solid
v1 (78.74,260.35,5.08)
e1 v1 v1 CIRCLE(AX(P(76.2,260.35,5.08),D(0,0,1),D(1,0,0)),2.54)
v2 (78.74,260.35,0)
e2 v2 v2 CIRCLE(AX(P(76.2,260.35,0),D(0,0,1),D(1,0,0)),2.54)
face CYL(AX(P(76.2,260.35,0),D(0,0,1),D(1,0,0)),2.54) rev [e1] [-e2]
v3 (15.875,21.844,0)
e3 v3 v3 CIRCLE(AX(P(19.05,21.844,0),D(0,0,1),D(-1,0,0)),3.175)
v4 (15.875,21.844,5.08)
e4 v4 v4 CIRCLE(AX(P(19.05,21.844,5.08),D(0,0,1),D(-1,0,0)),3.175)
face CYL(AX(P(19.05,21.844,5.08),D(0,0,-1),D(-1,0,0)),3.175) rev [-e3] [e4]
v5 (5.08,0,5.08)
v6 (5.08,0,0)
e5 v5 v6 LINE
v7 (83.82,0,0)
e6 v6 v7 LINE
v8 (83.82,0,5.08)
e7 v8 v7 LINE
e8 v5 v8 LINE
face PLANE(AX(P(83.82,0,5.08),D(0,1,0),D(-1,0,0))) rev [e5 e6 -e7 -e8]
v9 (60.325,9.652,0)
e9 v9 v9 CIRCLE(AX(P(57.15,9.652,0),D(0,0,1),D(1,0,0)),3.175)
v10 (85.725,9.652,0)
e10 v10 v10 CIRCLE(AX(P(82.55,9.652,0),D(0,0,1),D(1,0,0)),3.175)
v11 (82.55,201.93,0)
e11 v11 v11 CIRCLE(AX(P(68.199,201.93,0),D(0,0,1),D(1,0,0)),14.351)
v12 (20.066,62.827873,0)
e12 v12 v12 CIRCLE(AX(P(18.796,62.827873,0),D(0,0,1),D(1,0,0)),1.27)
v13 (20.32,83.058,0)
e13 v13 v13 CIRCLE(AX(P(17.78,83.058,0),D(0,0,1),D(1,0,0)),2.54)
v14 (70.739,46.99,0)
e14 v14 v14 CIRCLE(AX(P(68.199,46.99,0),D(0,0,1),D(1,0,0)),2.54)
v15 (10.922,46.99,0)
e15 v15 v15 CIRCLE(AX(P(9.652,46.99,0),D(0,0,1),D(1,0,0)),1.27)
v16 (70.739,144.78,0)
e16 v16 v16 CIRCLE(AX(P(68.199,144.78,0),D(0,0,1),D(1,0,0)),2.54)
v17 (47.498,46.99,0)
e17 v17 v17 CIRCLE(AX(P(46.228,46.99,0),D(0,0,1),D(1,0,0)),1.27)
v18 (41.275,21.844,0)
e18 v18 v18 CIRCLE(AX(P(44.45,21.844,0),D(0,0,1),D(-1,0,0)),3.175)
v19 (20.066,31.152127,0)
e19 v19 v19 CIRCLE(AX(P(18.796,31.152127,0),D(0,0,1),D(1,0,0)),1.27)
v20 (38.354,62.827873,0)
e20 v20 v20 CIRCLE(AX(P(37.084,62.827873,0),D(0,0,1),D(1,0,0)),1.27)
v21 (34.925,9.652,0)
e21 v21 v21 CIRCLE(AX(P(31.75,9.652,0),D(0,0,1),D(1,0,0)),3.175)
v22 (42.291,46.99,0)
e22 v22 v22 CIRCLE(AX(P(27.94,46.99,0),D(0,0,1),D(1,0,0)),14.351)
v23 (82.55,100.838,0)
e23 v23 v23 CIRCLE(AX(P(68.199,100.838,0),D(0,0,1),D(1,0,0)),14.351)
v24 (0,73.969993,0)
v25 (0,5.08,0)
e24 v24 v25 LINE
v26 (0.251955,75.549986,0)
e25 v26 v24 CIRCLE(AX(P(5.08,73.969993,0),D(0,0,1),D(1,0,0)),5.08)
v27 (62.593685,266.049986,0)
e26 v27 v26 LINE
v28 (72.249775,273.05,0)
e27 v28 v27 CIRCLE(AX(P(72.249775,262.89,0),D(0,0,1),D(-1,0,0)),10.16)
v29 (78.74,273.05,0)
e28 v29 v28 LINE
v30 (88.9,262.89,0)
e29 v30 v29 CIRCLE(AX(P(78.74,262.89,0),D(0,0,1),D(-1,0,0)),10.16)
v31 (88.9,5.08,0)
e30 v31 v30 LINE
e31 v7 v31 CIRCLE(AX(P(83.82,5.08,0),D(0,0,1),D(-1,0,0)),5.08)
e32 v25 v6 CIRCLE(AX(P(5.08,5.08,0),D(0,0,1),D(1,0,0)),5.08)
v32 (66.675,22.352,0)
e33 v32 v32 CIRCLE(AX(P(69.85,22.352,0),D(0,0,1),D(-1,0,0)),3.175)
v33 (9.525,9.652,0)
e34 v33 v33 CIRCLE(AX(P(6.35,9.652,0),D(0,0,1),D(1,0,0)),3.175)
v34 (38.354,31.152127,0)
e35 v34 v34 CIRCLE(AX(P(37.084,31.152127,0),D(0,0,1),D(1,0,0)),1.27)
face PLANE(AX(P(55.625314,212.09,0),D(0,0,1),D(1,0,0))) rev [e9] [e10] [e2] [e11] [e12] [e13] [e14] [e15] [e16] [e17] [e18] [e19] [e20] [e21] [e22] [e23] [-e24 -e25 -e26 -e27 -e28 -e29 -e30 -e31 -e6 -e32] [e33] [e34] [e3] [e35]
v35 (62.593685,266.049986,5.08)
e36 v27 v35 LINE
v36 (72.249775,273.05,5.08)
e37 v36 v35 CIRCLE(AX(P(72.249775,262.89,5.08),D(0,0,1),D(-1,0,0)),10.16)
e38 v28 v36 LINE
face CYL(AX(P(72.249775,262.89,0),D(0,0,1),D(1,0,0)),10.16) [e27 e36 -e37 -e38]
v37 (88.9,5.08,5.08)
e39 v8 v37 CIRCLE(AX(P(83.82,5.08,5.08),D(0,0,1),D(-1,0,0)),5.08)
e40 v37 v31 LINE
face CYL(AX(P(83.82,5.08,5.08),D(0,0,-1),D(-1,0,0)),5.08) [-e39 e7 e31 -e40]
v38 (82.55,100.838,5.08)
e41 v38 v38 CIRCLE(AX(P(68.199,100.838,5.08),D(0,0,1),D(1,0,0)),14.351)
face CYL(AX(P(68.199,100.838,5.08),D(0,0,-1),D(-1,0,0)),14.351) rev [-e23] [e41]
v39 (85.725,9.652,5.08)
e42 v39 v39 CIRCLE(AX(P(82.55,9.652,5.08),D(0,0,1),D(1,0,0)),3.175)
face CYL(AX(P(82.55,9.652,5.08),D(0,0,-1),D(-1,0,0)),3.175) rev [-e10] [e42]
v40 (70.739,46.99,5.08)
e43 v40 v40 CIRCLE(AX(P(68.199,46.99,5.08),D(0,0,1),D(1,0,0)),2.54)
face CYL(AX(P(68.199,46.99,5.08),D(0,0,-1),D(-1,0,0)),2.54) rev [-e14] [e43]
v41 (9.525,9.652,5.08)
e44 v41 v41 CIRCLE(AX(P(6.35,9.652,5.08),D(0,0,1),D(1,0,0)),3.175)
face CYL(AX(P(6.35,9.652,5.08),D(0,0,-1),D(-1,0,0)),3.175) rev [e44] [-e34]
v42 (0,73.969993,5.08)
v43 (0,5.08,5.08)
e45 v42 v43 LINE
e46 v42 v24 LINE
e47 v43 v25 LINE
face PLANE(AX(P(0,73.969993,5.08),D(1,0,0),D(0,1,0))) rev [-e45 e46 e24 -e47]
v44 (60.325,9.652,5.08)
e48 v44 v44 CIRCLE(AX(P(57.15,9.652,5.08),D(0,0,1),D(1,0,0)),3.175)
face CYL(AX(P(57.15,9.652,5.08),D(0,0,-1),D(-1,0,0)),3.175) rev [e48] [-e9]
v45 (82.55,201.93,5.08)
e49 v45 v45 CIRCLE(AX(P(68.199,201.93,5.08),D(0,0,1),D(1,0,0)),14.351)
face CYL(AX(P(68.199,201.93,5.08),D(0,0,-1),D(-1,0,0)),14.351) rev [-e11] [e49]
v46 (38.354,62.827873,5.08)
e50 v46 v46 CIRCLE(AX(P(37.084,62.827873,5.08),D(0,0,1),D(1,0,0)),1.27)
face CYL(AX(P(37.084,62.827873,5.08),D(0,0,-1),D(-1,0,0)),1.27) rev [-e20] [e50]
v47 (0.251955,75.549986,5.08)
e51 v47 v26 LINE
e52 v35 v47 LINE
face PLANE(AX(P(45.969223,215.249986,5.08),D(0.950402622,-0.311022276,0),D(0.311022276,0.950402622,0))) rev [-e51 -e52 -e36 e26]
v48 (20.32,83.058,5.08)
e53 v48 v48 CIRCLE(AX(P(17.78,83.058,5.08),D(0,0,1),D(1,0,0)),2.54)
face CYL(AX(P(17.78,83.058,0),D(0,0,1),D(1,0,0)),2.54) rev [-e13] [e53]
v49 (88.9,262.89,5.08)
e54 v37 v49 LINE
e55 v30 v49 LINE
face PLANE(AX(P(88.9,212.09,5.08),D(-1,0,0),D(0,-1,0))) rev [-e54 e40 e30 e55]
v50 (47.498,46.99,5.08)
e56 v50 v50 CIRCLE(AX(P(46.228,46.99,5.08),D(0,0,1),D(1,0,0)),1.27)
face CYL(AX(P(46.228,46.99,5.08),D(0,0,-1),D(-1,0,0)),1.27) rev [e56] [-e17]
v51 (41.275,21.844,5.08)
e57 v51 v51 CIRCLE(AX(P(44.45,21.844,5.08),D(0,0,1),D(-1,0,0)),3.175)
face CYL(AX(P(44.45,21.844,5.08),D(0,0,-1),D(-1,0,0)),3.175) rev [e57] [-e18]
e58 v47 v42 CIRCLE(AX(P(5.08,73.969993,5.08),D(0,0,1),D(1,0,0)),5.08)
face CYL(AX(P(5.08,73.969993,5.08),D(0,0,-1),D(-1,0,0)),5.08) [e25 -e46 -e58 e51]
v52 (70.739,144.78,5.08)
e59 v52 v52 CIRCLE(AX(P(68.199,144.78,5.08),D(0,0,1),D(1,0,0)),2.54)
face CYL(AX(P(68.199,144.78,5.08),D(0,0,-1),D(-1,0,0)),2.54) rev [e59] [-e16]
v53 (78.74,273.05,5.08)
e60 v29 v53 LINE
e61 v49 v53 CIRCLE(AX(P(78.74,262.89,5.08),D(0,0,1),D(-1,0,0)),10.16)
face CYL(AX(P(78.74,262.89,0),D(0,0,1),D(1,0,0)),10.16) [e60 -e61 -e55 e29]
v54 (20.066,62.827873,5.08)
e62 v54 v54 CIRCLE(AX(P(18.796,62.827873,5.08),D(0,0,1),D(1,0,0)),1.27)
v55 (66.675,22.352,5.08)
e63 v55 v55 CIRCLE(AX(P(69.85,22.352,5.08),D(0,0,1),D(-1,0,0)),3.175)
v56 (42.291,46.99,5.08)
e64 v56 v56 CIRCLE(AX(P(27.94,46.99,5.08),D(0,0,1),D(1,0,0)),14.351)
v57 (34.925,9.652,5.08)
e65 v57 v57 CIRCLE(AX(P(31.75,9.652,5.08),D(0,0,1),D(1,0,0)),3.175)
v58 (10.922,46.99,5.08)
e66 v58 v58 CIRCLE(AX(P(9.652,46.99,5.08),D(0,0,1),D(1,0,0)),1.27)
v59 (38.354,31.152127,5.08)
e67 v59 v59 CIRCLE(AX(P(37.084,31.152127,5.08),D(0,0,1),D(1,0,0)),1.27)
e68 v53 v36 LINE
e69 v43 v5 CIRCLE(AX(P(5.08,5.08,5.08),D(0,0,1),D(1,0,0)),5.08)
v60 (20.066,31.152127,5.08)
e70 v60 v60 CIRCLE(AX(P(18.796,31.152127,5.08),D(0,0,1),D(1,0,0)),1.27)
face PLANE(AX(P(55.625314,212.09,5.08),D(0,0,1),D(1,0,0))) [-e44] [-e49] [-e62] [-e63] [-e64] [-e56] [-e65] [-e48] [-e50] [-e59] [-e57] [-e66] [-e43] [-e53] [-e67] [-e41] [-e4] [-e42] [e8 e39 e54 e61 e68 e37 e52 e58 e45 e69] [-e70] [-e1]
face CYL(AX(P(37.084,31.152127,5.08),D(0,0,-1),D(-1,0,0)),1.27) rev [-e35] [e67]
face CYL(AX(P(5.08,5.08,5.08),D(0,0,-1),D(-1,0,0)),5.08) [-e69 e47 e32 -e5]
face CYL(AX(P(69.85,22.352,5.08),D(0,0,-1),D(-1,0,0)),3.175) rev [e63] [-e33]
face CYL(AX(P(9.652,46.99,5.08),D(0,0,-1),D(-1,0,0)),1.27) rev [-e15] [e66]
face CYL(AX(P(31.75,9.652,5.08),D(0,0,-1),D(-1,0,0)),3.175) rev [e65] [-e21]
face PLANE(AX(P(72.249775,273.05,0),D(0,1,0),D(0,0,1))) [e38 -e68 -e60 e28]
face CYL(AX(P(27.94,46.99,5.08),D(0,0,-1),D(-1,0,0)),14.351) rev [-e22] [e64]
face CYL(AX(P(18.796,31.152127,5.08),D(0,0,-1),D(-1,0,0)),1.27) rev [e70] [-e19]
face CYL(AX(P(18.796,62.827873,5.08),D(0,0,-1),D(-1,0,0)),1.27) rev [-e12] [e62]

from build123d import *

# Parameters (mm, degrees)
SKETCH1_R           = 14.351
SKETCH1_R_2         = 2.54
SKETCH1_R_3         = 3.175
SKETCH1_R_4         = 1.27
BOSS_EXTRUDE1_DEPTH = 5.08
SKETCH2_R           = 2.54
BOSS_EXTRUDE2_DEPTH = 5.08
SKETCH3_R           = 2.54
CUT_EXTRUDE1_DEPTH  = 288.202574675


with BuildPart() as part:
    # Sketch1 → Boss-Extrude1 (new body)
    with BuildSketch(Plane.XY):
        with BuildLine():
            Line((88.9, 212.09), (88.9, 5.08))
            ThreePointArc((88.9, 5.08), (87.412102448, 1.487897552), (83.82, 0))
            Line((83.82, 0), (5.08, 0))
            ThreePointArc((5.08, 0), (1.487897552, 1.487897552), (0, 5.08))
            Line((0, 5.08), (0, 73.969993162))
            ThreePointArc((0, 73.969993162), (0.063384098, 74.769971217), (0.25195468, 75.549986324))
            Line((0.25195468, 75.549986324), (45.969223296, 215.249986324))
            ThreePointArc((45.969223296, 215.249986324), (49.662087504, 220.315906061), (55.625313935, 222.25))
            Line((55.625313935, 222.25), (78.74, 222.25))
            ThreePointArc((78.74, 222.25), (85.924204897, 219.274204897), (88.9, 212.09))
        make_face()
        with Locations((68.199, 201.93)):
            Circle(SKETCH1_R, mode=Mode.SUBTRACT)
        with Locations((68.199, 100.838)):
            Circle(SKETCH1_R, mode=Mode.SUBTRACT)
        with Locations((68.199, 144.78)):
            Circle(SKETCH1_R_2, mode=Mode.SUBTRACT)
        with Locations((68.199, 46.99)):
            Circle(SKETCH1_R_2, mode=Mode.SUBTRACT)
        with Locations((27.94, 46.99)):
            Circle(SKETCH1_R, mode=Mode.SUBTRACT)
        with Locations((6.35, 9.652)):
            Circle(SKETCH1_R_3, mode=Mode.SUBTRACT)
        with Locations((31.75, 9.652)):
            Circle(SKETCH1_R_3, mode=Mode.SUBTRACT)
        with Locations((57.15, 9.652)):
            Circle(SKETCH1_R_3, mode=Mode.SUBTRACT)
        with Locations((82.55, 9.652)):
            Circle(SKETCH1_R_3, mode=Mode.SUBTRACT)
        with Locations(Location((69.85, 22.352, 0), (0, 0, 180))):
            Circle(SKETCH1_R_3, mode=Mode.SUBTRACT)
        with Locations(Location((44.45, 21.844, 0), (0, 0, 180))):
            Circle(SKETCH1_R_3, mode=Mode.SUBTRACT)
        with Locations(Location((19.05, 21.844, 0), (0, 0, 180))):
            Circle(SKETCH1_R_3, mode=Mode.SUBTRACT)
        with Locations((46.228, 46.99)):
            Circle(SKETCH1_R_4, mode=Mode.SUBTRACT)
        with Locations((37.084, 31.152127416)):
            Circle(SKETCH1_R_4, mode=Mode.SUBTRACT)
        with Locations((18.796, 31.152127416)):
            Circle(SKETCH1_R_4, mode=Mode.SUBTRACT)
        with Locations((9.652, 46.99)):
            Circle(SKETCH1_R_4, mode=Mode.SUBTRACT)
        with Locations((18.796, 62.827872584)):
            Circle(SKETCH1_R_4, mode=Mode.SUBTRACT)
        with Locations((37.084, 62.827872584)):
            Circle(SKETCH1_R_4, mode=Mode.SUBTRACT)
    extrude(amount=BOSS_EXTRUDE1_DEPTH)

    # Sketch2 → Boss-Extrude2 (add)
    with BuildSketch(Plane.XY.offset(5.08)):
        with BuildLine():
            Line((45.969223296, 215.249986324), (62.593684611, 266.049986324))
            ThreePointArc((62.593684611, 266.049986324), (66.286548819, 271.115906061), (72.24977525, 273.05))
            Line((72.24977525, 273.05), (78.74, 273.05))
            ThreePointArc((78.74, 273.05), (85.924204897, 270.074204897), (88.9, 262.89))
            Line((88.9, 262.89), (88.9, 212.09))
            Line((88.9, 212.09), (78.74, 222.25))
            Line((78.74, 222.25), (55.625313935, 222.25))
            Line((55.625313935, 222.25), (45.969223296, 215.249986324))
        make_face()
        with Locations((76.2, 260.35)):
            Circle(SKETCH2_R, mode=Mode.SUBTRACT)
    extrude(amount=-BOSS_EXTRUDE2_DEPTH)

    # Sketch3 → Cut-Extrude1 (cut, through all)
    with BuildSketch(Plane.XY.offset(5.08)):
        with Locations((17.78, 83.058)):
            Circle(SKETCH3_R)
    extrude(amount=-CUT_EXTRUDE1_DEPTH, mode=Mode.SUBTRACT)


solid = part.part
